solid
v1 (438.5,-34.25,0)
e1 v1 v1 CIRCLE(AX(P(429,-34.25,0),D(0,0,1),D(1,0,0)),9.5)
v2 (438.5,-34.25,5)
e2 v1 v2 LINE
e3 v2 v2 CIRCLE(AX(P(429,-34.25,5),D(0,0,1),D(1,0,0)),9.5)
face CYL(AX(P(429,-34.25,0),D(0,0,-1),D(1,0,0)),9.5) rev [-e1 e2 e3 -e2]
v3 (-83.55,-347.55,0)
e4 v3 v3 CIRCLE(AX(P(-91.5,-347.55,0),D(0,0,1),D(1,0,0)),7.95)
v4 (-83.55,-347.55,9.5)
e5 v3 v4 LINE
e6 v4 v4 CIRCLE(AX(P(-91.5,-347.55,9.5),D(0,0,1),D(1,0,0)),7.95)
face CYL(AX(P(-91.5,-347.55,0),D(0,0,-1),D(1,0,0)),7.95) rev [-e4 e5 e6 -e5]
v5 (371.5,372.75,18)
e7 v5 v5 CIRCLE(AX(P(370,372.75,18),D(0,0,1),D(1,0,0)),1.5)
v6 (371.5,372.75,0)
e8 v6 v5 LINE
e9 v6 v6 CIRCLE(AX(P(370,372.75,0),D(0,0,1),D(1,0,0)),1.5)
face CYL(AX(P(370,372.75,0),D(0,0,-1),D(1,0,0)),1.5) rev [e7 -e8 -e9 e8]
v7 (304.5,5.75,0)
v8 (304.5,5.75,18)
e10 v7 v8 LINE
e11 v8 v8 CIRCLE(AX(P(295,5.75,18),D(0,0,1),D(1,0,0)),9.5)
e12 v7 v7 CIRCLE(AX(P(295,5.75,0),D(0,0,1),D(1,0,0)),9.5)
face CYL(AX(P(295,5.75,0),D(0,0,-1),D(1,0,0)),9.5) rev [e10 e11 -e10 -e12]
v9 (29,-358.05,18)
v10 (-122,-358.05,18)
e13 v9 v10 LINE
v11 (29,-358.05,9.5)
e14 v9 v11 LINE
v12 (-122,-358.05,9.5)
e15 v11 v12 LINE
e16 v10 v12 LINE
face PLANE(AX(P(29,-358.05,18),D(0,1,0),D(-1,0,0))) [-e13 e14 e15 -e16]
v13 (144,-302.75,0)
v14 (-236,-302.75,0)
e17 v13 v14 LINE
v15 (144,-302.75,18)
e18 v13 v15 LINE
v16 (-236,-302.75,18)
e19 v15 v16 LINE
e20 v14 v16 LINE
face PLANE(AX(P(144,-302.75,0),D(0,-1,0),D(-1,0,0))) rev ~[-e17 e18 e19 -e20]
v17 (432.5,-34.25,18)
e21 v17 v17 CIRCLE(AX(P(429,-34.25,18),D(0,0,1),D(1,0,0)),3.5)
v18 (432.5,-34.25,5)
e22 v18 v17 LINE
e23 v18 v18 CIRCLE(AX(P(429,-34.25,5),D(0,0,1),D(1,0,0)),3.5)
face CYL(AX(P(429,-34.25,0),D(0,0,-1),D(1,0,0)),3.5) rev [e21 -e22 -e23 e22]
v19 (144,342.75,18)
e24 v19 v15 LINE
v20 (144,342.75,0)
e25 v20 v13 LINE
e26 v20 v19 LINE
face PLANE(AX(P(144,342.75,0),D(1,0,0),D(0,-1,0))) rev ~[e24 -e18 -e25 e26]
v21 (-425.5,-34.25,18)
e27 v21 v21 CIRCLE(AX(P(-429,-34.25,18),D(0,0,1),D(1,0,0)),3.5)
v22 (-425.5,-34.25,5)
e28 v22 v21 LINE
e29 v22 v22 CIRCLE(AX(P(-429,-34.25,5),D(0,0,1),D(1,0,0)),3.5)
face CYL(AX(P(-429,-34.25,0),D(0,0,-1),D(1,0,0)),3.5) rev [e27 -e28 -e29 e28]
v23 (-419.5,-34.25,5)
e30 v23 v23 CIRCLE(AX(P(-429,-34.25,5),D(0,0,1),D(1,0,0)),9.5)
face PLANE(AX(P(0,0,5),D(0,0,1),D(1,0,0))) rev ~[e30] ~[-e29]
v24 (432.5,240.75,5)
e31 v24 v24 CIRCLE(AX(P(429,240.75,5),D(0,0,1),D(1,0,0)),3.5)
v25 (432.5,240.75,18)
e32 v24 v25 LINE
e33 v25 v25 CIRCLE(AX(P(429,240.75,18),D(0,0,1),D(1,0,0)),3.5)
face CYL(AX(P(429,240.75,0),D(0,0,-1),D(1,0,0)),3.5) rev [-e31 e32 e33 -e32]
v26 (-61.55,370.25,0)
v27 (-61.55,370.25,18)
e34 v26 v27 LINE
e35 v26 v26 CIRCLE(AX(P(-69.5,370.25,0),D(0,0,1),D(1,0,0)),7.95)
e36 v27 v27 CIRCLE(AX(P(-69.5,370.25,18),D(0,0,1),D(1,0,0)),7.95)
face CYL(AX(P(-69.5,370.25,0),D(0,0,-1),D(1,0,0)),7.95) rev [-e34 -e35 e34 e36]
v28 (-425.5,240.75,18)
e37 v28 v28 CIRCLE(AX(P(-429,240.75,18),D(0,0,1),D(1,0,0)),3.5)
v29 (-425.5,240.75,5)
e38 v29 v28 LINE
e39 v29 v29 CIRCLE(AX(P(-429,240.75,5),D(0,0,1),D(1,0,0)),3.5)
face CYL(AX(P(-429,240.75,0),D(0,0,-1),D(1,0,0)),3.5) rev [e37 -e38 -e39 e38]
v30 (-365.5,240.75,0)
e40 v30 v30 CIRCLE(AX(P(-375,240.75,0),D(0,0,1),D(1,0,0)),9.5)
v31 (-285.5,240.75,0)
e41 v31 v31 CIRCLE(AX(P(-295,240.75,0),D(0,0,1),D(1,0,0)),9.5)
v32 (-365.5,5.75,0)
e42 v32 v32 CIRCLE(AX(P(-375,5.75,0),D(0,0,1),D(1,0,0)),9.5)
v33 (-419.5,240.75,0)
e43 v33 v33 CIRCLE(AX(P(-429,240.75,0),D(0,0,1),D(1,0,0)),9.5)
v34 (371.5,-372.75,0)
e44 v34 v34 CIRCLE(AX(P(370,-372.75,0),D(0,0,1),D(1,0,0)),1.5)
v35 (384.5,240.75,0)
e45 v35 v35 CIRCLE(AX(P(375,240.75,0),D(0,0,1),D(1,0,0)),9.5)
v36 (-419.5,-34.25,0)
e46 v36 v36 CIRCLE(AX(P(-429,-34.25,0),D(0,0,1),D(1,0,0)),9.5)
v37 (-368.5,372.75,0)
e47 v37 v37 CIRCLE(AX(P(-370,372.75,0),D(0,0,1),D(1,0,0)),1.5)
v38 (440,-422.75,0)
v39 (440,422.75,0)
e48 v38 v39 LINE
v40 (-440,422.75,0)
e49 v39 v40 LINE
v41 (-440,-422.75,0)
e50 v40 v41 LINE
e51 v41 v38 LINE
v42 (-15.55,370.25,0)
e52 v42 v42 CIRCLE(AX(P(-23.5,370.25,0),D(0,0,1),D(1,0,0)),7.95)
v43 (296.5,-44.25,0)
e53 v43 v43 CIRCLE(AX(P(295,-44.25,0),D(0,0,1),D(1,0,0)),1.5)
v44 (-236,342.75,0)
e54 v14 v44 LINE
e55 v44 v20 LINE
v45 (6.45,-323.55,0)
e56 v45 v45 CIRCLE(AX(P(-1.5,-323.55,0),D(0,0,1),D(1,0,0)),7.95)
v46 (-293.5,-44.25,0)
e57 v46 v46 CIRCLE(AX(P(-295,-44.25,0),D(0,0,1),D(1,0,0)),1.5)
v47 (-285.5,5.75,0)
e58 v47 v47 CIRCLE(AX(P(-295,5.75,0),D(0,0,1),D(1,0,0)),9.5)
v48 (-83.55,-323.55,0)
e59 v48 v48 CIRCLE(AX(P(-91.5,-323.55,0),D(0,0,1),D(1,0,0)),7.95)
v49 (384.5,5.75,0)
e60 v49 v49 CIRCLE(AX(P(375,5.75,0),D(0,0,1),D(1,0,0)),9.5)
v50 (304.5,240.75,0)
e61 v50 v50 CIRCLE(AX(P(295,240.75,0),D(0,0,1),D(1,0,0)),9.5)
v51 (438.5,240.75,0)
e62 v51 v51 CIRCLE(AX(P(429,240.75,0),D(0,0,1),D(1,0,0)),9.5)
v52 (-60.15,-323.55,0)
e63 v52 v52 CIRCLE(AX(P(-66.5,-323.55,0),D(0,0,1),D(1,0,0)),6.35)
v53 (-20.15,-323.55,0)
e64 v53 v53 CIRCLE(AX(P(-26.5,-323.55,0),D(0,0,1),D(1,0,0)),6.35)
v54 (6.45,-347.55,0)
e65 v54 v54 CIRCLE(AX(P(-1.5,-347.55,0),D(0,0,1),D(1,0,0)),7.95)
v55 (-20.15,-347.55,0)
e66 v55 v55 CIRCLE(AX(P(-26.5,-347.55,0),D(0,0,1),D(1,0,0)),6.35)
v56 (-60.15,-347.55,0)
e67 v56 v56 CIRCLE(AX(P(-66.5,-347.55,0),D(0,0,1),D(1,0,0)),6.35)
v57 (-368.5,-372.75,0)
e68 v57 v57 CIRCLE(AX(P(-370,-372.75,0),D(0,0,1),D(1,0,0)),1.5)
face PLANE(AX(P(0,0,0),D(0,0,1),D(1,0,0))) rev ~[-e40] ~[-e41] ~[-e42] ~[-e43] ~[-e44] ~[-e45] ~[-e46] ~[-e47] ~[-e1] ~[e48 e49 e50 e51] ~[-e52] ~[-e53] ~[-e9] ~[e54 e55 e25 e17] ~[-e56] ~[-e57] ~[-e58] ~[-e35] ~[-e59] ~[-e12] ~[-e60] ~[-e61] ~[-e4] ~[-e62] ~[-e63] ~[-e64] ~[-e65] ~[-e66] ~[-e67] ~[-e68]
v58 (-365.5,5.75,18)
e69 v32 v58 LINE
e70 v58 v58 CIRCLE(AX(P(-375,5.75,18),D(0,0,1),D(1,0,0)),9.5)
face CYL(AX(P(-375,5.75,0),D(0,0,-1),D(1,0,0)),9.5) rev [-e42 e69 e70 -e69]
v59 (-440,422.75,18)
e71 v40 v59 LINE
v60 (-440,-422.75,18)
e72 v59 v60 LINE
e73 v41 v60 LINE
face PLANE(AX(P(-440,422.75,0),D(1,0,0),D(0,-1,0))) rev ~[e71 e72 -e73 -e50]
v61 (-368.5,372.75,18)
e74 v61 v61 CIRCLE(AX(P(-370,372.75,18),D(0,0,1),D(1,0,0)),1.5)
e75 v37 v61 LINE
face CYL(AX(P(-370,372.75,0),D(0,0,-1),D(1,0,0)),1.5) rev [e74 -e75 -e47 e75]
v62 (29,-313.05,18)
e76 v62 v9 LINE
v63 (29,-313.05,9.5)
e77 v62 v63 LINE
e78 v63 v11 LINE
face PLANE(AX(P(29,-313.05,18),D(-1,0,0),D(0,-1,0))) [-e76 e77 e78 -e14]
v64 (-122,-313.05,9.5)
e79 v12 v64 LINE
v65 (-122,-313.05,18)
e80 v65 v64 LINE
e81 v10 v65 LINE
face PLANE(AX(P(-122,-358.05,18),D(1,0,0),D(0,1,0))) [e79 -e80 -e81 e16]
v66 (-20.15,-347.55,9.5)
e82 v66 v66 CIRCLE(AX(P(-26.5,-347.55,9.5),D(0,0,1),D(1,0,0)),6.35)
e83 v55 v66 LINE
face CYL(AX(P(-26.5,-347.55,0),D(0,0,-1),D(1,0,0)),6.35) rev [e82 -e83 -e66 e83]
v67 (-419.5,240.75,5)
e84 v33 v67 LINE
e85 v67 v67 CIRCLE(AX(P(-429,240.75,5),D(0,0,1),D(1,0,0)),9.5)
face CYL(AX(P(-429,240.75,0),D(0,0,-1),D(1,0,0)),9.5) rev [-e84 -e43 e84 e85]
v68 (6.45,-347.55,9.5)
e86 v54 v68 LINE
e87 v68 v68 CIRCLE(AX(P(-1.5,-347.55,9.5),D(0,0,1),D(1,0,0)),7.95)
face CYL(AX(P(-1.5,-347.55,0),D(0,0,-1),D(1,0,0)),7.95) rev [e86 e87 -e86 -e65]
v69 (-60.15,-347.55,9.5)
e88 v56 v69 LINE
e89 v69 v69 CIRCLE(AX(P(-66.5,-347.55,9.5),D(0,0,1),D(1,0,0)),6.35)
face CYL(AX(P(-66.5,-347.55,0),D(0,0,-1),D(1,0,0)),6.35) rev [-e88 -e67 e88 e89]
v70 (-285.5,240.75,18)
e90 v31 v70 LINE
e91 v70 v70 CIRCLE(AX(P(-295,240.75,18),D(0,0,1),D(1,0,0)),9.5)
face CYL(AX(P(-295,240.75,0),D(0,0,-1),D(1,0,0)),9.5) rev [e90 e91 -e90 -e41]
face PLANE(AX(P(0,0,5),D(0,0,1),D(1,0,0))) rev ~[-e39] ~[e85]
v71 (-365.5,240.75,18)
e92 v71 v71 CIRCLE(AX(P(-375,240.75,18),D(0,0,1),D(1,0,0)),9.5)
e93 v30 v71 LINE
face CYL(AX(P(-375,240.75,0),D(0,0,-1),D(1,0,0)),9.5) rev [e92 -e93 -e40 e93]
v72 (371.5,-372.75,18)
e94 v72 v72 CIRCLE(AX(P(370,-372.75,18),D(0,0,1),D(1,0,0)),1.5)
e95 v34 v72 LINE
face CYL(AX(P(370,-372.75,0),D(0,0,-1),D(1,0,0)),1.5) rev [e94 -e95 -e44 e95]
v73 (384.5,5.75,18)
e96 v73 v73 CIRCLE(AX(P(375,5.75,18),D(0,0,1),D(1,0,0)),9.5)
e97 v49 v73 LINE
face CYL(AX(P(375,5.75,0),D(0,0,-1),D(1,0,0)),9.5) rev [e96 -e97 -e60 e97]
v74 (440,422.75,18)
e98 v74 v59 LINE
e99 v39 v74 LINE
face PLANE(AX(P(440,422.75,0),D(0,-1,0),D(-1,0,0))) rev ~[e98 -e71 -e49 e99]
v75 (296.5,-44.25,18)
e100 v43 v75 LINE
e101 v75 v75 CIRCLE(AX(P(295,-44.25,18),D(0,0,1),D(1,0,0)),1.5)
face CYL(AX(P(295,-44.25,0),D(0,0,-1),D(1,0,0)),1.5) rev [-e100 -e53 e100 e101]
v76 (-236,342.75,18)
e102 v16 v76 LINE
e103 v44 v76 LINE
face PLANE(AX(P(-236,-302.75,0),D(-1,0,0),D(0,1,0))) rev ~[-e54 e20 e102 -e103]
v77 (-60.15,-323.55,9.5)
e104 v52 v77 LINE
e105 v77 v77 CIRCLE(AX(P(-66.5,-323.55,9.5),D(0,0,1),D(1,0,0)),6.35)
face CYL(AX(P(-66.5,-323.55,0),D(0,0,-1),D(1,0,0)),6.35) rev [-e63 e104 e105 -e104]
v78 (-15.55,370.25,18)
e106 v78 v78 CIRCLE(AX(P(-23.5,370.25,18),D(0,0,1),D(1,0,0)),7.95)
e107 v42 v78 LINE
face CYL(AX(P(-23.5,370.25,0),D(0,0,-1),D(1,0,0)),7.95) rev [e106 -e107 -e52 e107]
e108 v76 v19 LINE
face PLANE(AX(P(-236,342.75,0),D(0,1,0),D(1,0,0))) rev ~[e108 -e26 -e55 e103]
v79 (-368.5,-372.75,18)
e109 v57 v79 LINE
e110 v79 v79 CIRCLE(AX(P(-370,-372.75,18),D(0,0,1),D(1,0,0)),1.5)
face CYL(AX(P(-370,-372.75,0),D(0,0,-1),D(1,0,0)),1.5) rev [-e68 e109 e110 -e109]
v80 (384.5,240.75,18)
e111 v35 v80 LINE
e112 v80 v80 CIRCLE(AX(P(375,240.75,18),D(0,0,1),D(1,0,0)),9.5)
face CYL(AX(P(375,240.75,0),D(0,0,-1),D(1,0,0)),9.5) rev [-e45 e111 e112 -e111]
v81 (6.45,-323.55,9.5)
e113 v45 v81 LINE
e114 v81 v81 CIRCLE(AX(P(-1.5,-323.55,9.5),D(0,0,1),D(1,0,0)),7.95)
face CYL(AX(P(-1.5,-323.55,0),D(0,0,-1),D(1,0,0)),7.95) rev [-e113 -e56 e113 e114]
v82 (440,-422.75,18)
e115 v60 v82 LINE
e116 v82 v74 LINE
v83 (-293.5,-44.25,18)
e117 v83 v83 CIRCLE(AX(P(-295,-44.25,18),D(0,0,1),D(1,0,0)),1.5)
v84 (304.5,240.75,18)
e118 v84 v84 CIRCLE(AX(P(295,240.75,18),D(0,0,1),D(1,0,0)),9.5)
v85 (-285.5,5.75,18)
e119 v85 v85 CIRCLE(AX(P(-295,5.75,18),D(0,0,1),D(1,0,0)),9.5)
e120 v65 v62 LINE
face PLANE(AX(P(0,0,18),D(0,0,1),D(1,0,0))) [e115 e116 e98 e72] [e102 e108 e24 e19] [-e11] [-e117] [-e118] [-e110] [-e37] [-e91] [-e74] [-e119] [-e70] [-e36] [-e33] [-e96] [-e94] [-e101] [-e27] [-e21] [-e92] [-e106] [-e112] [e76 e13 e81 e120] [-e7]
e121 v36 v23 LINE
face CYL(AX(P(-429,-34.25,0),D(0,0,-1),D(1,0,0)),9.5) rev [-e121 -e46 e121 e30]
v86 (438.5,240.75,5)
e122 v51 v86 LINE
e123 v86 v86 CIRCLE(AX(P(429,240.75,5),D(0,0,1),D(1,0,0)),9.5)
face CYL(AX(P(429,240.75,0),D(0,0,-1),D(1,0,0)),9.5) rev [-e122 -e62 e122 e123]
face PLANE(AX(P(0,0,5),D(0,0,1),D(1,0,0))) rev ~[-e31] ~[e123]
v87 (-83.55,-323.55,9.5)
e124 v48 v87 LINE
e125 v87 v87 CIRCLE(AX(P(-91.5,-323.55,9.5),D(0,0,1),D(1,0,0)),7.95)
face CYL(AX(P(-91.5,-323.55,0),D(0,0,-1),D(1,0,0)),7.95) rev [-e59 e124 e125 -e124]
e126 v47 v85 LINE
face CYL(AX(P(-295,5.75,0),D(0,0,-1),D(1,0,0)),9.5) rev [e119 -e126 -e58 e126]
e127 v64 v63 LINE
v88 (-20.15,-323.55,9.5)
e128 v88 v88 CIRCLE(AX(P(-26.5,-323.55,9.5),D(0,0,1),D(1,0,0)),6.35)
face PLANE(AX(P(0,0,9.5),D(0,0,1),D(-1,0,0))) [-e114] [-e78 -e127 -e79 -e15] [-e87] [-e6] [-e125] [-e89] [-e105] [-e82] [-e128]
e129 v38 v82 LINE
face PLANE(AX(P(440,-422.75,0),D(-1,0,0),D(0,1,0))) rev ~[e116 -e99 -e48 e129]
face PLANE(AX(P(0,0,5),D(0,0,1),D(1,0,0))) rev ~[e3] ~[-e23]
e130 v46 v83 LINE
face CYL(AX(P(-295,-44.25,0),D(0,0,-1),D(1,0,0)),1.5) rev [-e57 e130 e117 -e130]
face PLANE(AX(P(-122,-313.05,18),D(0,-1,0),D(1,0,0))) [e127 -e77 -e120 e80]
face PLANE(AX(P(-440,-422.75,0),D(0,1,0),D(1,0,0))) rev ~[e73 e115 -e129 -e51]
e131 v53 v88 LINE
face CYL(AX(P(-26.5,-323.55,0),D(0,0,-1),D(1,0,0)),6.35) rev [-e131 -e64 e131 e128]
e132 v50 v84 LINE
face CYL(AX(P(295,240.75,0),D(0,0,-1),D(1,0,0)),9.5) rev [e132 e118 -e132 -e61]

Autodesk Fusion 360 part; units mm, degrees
sketch "Sketch1" plane through (0, 0, 0) normal (0, 0, 1) x (1, 0, 0)
  line L0 (440, 422.75) -> (-440, 422.75)
  line L1 (-440, 422.75) -> (-440, -422.75)
  line L2 (-440, -422.75) -> (440, -422.75)
  line L3 (440, -422.75) -> (440, 422.75)
  line L4 (440, 422.75) -> (-440, -422.75) construction
  line L5 (-440, 422.75) -> (440, -422.75) construction
  line L6 (144, -302.75) -> (-236, -302.75)
  line L7 (-236, -302.75) -> (-236, 342.75)
  line L8 (-236, 342.75) -> (144, 342.75)
  line L9 (144, 342.75) -> (144, -302.75)
  line L10 (-295, 5.75) -> (-375, 5.75) construction
  line L11 (-375, 5.75) -> (-375, 240.75) construction
  line L12 (-375, 240.75) -> (-295, 240.75) construction
  line L13 (-295, 240.75) -> (-295, 5.75) construction
  line L14 (375, 5.75) -> (295, 5.75) construction
  line L15 (295, 5.75) -> (295, 240.75) construction
  line L16 (295, 240.75) -> (375, 240.75) construction
  line L17 (375, 240.75) -> (375, 5.75) construction
  line L18 (-46.5, -422.75) -> (-46.5, 422.75) construction
  line L19 (-91.5, -323.55) -> (-1.5, -323.55) construction
  line L20 (-1.5, -323.55) -> (-1.5, -347.55) construction
  line L21 (-1.5, -347.55) -> (-91.5, -347.55) construction
  line L22 (-91.5, -347.55) -> (-91.5, -323.55) construction
  line L23 (-26.5, -319.5853) -> (-26.5, -354.5853) construction
  line L24 (-66.5, -319.5853) -> (-66.5, -354.5853) construction
  circle A0 centre (-26.5, -323.55) radius 6.35
  circle A1 centre (-26.5, -347.55) radius 6.35
  circle A2 centre (-66.5, -323.55) radius 6.35
  circle A3 centre (-66.5, -347.55) radius 6.35
  circle A4 centre (-91.5, -323.55) radius 7.95
  circle A5 centre (-91.5, -347.55) radius 7.95
  circle A6 centre (-1.5, -323.55) radius 7.95
  circle A7 centre (-1.5, -347.55) radius 7.95
  circle A8 centre (-295, 5.75) radius 9.5
  circle A9 centre (-375, 5.75) radius 9.5
  circle A10 centre (-375, 240.75) radius 9.5
  circle A11 centre (-295, 240.75) radius 9.5
  circle A12 centre (295, 240.75) radius 9.5
  circle A13 centre (375, 240.75) radius 9.5
  circle A14 centre (375, 5.75) radius 9.5
  circle A15 centre (295, 5.75) radius 9.5
  line L25 (100, 370.25) -> (-50, 370.25) construction
  circle A16 centre (-69.5, 370.25) radius 7.95
  circle A17 centre (-23.5, 370.25) radius 7.95
  line L26 (-440, 240.75) -> (440, 240.75) construction
  line L27 (-429, 260) -> (-429, -100) construction
  line L28 (429, 260) -> (429, -90) construction
  circle A18 centre (429, 240.75) radius 3.5
  circle A19 centre (429, 240.75) radius 9.5
  circle A20 centre (429, -34.25) radius 3.5
  circle A21 centre (429, -34.25) radius 9.5
  circle A22 centre (-429, 240.75) radius 3.5
  circle A23 centre (-429, 240.75) radius 9.5
  circle A24 centre (-429, -34.25) radius 3.5
  circle A25 centre (-429, -34.25) radius 9.5
  circle A26 centre (-370, -372.75) radius 1.5
  circle A27 centre (370, -372.75) radius 1.5
  circle A28 centre (-370, 372.75) radius 1.5
  circle A29 centre (370, 372.75) radius 1.5
  circle A30 centre (295, -44.25) radius 1.5
  circle A31 centre (-295, -44.25) radius 1.5
  dimension "d1" = 880
  dimension "d2" = 845.5
  dimension "d3" = 380
  dimension "d4" = 645.5
  dimension "d5" = 120
  dimension "d7" = 80
  dimension "d8" = 235
  dimension "d9" = 235
  dimension "d10" = 80
  dimension "d11" = 65
  dimension "d12" = 65
  dimension "d13" = 182
  dimension "d14" = 182
  dimension "d16" = 90
  dimension "d17" = 24
  dimension "d18" = 45
  dimension "d19" = 40
  dimension "d20" = 12.7
  dimension "d21" = 12.7
  dimension "d22" = 12.7
  dimension "d23" = 12.7
  dimension "d24" = 15.9
  dimension "d25" = 15.9
  dimension "d26" = 15.9
  dimension "d27" = 15.9
  dimension "d29" = 20
  dimension "d30" = 75.2
  dimension "d31" = 19
  dimension "d32" = 19
  dimension "d33" = 19
  dimension "d34" = 19
  dimension "d35" = 19
  dimension "d36" = 19
  dimension "d37" = 19
  dimension "d38" = 19
  dimension "d39" = 52.5
  dimension "d40" = 15.9
  dimension "d41" = 15.9
  dimension "d42" = 23
  dimension "d43" = 23
  dimension "d44" = 11
  dimension "d45" = 11
  dimension "d46" = 7
  dimension "d47" = 19
  dimension "d48" = 7
  dimension "d49" = 19
  dimension "d50" = 275
  dimension "d51" = 7
  dimension "d52" = 19
  dimension "d53" = 7
  dimension "d54" = 275
  dimension "d55" = 19
  dimension "d66" = 296
  dimension "d67" = 486.5
  dimension "d84" = 3
  dimension "d85" = 3
  dimension "d86" = 3
  dimension "d87" = 3
  dimension "d88" = 3
  dimension "d89" = 3
  dimension "d90" = 70
  dimension "d91" = 70
  dimension "d92" = 70
  dimension "d93" = 70
  dimension "d94" = 50
  dimension "d95" = 50
  dimension "d96" = 50
  dimension "d97" = 50
  dimension "d98" = 50
  dimension "d99" = 50
extrude "Extrude1" add sketch "Sketch1" along normal blind 18 contours L0 L1 L2 L3 | A19 | A21 | A23 | A25
extrude "Extrude2" cut sketch "Sketch1" along normal blind 5 contours A19 | A21 | A23 | A25
sketch "Sketch2" plane through (0, 0, 18) normal (0, 0, 1) x (-1, 0, 0)
  circle A0 centre (-429, -240.75) radius 3.5
  circle A1 centre (23.5, -370.25) radius 7.95
  circle A2 centre (-429, 34.25) radius 3.5
  circle A3 centre (69.5, -370.25) radius 7.95
  circle A4 centre (429, -240.75) radius 3.5
  circle A5 centre (429, 34.25) radius 3.5
  circle A6 centre (295, -5.75) radius 9.5
  circle A7 centre (375, -240.75) radius 9.5
  circle A8 centre (295, -240.75) radius 9.5
  circle A9 centre (-295, -240.75) radius 9.5
  circle A10 centre (-375, -240.75) radius 9.5
  circle A11 centre (-375, -5.75) radius 9.5
  circle A12 centre (-295, -5.75) radius 9.5
  circle A13 centre (1.5, 347.55) radius 7.95
  circle A14 centre (1.5, 323.55) radius 7.95
  circle A15 centre (91.5, 347.55) radius 7.95
  circle A16 centre (91.5, 323.55) radius 7.95
  circle A17 centre (66.5, 347.55) radius 6.35
  circle A18 centre (66.5, 323.55) radius 6.35
  circle A19 centre (26.5, 347.55) radius 6.35
  circle A20 centre (26.5, 323.55) radius 6.35
  circle A21 centre (375, -5.75) radius 9.5
  line L0 (236, -342.75) -> (-144, -342.75)
  line L1 (-144, -342.75) -> (-144, 302.75)
  line L2 (-144, 302.75) -> (236, 302.75)
  line L3 (236, 302.75) -> (236, -342.75)
  line L4 (-440, 422.75) -> (-440, -422.75)
  line L5 (-440, -422.75) -> (440, -422.75)
  line L6 (440, -422.75) -> (440, 422.75)
  line L7 (440, 422.75) -> (-440, 422.75)
  line L8 (122, 313.05) -> (-29, 313.05)
  line L9 (-29, 313.05) -> (-29, 358.05)
  line L10 (-29, 358.05) -> (122, 358.05)
  line L11 (122, 358.05) -> (122, 313.05)
  line L12 (1.5, 323.55) -> (-29, 323.55) construction
  line L13 (91.5, 323.55) -> (122, 323.55) construction
  line L14 (91.5, 323.55) -> (91.5, 313.05) construction
  line L15 (91.5, 347.55) -> (91.5, 358.05) construction
  circle A22 centre (429, 34.25) radius 9.5
  circle A23 centre (370, -372.75) radius 1.5
  circle A24 centre (-370, 372.75) radius 1.5
  circle A25 centre (-370, -372.75) radius 1.5
  circle A26 centre (-295, 44.25) radius 1.5
  circle A27 centre (295, 44.25) radius 1.5
  circle A28 centre (370, 372.75) radius 1.5
  dimension "d62" = 151
  dimension "d63" = 45
  dimension "d72" = 46
  dimension "d73" = 65
  dimension "d74" = 11
  dimension "d75" = 80
  dimension "d76" = 40
  dimension "d77" = 65
  dimension "d78" = 80
  dimension "d79" = 380
  dimension "d80" = 645.5
  dimension "d81" = 296
  dimension "d82" = 80
  dimension "d83" = 64.7
extrude "Extrude4" cut sketch "Sketch2" against normal blind 8.5 contours L8 L9 L10 L11
equation "d20 = M5WasherClearance"
equation "d21 = M5WasherClearance"
equation "d22 = M5WasherClearance"
equation "d23 = M5WasherClearance"
equation "d24 = M6WasherClearance"
equation "d25 = M6WasherClearance"
equation "d26 = M6WasherClearance"
equation "d27 = M6WasherClearance"
equation "d31 = CrossDowelClearance"
equation "d32 = CrossDowelClearance"
equation "d33 = CrossDowelClearance"
equation "d34 = CrossDowelClearance"
equation "d35 = CrossDowelClearance"
equation "d36 = CrossDowelClearance"
equation "d37 = CrossDowelClearance"
equation "d38 = CrossDowelClearance"
equation "d40 = M6WasherClearance"
equation "d41 = M6WasherClearance"
equation "d46 = M6ClearHole"
equation "d47 = CrossDowelClearance"
equation "d48 = M6ClearHole"
equation "d49 = CrossDowelClearance"
equation "d51 = M6ClearHole"
equation "d52 = CrossDowelClearance"
equation "d53 = M6ClearHole"
equation "d55 = CrossDowelClearance"
equation "CrossDowelClearance = 19 mm"
equation "M6ClearHole = 7 mm"
equation "M6WasherClearance = 15.9 mm"
equation "M5WasherClearance = 12.7 mm"
equation "d91 = d90"
equation "d92 = d90"
equation "d93 = d90"
equation "d95 = d94"
equation "d96 = d94"
equation "d97 = d94"
equation "d98 = d94"
equation "d99 = d94"
